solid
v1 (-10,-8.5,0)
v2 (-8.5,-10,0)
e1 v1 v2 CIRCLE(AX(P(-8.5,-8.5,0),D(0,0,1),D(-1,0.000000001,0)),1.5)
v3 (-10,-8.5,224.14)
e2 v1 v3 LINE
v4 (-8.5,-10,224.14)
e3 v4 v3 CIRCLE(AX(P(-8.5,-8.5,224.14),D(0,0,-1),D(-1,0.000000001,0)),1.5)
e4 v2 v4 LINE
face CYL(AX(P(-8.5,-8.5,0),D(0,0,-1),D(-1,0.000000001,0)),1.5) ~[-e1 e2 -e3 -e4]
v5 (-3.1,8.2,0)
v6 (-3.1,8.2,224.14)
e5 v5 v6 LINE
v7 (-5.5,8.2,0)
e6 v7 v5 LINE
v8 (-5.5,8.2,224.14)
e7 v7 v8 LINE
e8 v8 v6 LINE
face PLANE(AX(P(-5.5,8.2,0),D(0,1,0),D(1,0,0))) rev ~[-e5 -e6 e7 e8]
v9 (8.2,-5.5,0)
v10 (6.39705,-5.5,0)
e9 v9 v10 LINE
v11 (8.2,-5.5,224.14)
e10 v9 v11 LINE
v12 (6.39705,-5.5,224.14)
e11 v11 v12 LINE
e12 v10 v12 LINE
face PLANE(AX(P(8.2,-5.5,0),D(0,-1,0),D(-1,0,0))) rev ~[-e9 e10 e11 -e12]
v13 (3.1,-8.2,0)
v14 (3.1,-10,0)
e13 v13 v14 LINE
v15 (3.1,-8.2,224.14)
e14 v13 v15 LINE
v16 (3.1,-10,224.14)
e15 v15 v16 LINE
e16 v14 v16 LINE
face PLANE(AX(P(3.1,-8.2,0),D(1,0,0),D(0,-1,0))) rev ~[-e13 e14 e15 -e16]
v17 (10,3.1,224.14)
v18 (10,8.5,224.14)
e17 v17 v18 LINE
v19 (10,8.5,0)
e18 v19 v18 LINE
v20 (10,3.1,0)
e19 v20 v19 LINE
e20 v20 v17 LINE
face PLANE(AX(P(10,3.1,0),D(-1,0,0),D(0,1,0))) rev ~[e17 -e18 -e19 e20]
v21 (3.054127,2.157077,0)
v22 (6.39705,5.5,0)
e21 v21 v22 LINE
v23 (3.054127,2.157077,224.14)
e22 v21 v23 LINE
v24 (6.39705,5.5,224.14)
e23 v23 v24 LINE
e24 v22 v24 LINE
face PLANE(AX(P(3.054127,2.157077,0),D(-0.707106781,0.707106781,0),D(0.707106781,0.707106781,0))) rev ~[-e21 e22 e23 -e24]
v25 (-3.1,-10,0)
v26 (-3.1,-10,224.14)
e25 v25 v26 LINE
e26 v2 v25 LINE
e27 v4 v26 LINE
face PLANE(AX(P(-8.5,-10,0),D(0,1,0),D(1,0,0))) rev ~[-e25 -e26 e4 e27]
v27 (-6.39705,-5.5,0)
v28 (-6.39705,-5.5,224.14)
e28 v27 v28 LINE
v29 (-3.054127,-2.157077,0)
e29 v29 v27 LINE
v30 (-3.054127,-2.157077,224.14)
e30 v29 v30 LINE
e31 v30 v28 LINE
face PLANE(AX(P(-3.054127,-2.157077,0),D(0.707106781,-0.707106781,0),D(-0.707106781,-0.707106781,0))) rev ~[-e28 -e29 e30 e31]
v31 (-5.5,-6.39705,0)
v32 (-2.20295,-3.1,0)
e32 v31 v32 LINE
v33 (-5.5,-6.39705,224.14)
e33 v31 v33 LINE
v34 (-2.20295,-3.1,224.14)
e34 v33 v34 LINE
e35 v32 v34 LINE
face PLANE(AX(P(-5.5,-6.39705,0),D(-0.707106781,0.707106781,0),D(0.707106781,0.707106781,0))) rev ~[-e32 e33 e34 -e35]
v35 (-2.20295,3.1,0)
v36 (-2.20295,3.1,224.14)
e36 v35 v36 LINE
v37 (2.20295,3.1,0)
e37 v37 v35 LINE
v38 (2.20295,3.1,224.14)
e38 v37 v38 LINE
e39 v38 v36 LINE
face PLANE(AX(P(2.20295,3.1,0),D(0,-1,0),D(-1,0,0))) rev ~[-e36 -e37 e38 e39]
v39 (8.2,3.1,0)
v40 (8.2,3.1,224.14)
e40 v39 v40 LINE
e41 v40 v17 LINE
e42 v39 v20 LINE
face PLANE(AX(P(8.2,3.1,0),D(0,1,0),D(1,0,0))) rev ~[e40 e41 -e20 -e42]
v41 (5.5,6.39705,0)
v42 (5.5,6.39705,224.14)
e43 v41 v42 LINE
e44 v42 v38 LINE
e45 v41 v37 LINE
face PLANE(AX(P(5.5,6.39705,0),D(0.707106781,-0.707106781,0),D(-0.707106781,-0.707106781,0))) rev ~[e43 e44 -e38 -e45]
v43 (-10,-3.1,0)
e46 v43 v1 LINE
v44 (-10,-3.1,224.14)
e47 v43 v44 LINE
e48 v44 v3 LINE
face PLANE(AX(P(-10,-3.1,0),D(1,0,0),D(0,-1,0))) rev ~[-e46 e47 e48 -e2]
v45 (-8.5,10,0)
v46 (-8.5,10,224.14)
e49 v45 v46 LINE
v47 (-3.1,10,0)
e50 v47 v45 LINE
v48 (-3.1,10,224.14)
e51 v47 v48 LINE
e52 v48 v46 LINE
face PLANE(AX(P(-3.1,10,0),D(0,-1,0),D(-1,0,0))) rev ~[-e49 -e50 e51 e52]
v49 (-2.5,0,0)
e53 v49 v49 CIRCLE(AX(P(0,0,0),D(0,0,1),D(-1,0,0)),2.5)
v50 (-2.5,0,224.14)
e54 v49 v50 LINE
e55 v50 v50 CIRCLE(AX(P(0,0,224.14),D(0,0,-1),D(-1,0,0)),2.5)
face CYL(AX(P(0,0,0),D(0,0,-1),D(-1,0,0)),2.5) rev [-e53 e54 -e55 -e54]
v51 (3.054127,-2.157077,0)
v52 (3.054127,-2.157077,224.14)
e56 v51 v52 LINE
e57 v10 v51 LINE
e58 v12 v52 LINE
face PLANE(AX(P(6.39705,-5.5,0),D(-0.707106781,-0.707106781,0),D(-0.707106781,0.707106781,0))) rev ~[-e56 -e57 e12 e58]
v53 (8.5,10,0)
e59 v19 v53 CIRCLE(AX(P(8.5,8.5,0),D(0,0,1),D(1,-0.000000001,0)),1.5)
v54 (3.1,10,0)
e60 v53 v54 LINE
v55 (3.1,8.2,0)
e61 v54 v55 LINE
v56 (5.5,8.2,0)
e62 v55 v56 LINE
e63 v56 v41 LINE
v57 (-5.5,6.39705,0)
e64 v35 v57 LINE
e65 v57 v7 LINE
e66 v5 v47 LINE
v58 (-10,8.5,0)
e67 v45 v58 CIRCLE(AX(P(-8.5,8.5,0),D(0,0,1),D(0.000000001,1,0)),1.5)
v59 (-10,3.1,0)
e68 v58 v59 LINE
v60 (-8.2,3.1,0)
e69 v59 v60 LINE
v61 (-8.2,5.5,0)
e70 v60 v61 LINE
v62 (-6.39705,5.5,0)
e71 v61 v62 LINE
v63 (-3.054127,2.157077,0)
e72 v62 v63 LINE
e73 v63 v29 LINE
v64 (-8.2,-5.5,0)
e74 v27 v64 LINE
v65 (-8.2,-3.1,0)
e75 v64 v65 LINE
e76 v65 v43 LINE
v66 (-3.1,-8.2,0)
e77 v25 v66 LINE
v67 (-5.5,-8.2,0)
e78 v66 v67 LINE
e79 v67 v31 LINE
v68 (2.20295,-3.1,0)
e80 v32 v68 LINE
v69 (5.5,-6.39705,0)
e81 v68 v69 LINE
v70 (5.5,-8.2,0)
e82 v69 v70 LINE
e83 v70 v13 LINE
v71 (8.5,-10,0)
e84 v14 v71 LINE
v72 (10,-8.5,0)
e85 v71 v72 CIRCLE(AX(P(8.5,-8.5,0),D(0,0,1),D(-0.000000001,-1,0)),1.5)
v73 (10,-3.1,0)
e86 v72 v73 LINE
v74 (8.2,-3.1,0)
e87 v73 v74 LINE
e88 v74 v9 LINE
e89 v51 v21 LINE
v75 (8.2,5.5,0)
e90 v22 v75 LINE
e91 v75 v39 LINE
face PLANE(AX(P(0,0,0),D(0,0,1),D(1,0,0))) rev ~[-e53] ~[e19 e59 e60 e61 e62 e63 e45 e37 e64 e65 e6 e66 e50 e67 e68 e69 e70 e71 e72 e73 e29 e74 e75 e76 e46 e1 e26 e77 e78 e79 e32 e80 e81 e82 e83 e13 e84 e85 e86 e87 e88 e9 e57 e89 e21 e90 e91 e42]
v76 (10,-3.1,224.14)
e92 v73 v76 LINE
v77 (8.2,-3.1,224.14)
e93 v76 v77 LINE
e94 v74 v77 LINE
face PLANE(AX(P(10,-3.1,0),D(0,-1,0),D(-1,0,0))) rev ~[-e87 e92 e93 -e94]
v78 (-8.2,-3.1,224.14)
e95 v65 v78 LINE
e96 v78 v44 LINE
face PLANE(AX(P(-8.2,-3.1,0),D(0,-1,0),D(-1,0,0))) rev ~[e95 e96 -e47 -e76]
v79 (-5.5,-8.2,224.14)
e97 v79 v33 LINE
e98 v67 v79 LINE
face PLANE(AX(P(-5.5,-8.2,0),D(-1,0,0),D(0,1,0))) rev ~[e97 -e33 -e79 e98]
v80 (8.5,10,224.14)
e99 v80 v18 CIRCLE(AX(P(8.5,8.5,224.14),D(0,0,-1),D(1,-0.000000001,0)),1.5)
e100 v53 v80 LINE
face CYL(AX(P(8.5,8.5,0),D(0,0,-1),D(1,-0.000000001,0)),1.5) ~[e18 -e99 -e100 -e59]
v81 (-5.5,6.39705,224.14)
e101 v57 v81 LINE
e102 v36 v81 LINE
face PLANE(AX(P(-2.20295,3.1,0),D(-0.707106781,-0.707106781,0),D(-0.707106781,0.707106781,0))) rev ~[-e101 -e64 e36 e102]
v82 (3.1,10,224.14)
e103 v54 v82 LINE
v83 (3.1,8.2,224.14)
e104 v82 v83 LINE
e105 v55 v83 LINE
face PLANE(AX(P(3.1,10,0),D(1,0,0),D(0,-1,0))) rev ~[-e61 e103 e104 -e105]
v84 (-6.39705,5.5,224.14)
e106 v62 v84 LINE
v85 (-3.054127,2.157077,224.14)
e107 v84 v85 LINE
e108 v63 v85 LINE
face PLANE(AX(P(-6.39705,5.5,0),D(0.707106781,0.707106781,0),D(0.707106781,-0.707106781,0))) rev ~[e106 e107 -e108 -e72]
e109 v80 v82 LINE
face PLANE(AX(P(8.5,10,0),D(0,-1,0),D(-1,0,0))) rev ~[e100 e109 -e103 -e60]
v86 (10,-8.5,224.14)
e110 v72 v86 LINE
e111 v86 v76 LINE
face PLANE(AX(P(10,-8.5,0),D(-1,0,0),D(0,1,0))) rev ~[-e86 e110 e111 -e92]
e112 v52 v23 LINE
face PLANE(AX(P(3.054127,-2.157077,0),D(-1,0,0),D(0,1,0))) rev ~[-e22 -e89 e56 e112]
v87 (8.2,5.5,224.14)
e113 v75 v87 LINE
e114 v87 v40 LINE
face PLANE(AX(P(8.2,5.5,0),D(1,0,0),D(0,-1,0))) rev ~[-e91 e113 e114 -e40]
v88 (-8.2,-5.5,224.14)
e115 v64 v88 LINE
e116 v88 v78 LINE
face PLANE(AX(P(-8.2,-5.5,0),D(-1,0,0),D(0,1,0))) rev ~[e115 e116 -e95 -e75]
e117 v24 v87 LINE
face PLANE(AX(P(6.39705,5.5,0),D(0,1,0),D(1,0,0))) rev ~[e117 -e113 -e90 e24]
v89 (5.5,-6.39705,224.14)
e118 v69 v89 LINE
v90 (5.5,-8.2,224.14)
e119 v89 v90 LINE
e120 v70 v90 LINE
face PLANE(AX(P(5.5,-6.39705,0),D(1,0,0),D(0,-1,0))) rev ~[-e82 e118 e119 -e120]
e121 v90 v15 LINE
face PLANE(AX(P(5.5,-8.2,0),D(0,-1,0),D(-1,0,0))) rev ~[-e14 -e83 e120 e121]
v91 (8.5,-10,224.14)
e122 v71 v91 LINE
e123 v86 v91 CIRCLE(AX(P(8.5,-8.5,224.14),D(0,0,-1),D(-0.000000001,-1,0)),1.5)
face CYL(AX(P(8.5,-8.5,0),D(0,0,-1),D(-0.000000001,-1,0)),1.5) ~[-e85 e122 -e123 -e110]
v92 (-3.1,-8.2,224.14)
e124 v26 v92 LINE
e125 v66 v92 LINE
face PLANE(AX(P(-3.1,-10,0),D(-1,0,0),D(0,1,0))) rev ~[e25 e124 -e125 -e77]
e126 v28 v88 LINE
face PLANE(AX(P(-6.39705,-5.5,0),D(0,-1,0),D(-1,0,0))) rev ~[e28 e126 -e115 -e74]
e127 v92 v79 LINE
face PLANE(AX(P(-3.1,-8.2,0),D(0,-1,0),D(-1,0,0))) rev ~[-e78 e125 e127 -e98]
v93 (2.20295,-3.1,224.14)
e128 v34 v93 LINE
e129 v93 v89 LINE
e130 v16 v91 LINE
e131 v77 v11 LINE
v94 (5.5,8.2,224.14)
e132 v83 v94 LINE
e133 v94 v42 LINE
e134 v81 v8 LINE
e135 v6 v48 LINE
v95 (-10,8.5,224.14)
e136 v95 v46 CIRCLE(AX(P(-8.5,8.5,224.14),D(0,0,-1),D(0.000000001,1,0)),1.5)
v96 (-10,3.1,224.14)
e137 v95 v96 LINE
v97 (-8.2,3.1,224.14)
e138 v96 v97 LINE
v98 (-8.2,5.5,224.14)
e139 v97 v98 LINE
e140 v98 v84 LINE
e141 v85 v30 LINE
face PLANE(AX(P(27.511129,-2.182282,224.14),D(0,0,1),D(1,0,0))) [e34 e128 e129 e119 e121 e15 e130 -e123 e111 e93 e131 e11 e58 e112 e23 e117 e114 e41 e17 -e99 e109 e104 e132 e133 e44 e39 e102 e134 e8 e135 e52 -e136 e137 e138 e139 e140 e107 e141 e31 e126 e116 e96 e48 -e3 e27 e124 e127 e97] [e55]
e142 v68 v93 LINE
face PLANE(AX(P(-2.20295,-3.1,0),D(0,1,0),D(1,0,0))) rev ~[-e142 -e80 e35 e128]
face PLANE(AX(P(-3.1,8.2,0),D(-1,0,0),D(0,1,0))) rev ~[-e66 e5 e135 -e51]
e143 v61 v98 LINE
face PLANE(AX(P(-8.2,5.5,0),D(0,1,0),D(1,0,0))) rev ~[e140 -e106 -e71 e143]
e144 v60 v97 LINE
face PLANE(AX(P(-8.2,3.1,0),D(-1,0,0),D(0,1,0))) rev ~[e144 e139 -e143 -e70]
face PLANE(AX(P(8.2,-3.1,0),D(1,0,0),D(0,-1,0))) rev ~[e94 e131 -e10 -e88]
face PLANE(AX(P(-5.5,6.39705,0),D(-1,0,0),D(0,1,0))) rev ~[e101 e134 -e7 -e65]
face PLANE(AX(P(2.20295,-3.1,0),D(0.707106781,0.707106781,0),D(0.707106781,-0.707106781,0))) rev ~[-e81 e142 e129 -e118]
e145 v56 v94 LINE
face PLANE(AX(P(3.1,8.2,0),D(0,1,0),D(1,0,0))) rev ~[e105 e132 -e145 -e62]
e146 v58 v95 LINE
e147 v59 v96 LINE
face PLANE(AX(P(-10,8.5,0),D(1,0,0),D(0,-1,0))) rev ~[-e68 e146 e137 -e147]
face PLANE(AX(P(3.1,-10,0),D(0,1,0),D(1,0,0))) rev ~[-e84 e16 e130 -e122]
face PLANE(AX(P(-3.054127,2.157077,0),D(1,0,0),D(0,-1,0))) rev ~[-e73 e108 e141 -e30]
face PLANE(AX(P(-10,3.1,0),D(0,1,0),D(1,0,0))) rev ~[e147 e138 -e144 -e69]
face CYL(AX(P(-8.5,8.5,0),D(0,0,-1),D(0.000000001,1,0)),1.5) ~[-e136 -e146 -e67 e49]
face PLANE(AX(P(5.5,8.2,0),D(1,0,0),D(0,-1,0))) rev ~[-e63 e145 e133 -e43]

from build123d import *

# Parameters (mm, degrees)
SKETCH_1_R          = 2.5
EXTRUDE_1_DEPTH     = 950
SKETCH_2_W          = 109.948268043
SKETCH_2_H          = 29.443949836
CUT_EXTRUDE_1_DEPTH = 725.86


with BuildPart() as part:
    # 草图1 → 凸台-拉伸1 (new body)
    with BuildSketch(Plane.XY):
        with BuildLine():
            Line((-8.2, -3.1), (-10, -3.1))
            Line((-10, -3.1), (-10, -8.5))
            ThreePointArc((-10, -8.5), (-9.560660172, -9.560660172), (-8.5, -10))
            Line((-8.5, -10), (-3.1, -10))
            Line((-3.1, -10), (-3.1, -8.2))
            Line((-3.1, -8.2), (-5.5, -8.2))
            Line((-5.5, -8.2), (-5.5, -6.397050155))
            Line((-5.5, -6.397050155), (-2.202949845, -3.1))
            Line((-2.202949845, -3.1), (2.202949845, -3.1))
            Line((2.202949845, -3.1), (5.5, -6.397050155))
            Line((5.5, -6.397050155), (5.5, -8.2))
            Line((5.5, -8.2), (3.1, -8.2))
            Line((3.1, -8.2), (3.1, -10))
            Line((3.1, -10), (8.5, -10))
            ThreePointArc((8.5, -10), (9.560660172, -9.560660172), (10, -8.5))
            Line((10, -8.5), (10, -3.1))
            Line((10, -3.1), (8.2, -3.1))
            Line((8.2, -3.1), (8.2, -5.5))
            Line((8.2, -5.5), (6.397050155, -5.5))
            Line((6.397050155, -5.5), (3.05412702, -2.157076865))
            Line((3.05412702, -2.157076865), (3.05412702, 2.157076865))
            Line((3.05412702, 2.157076865), (6.397050155, 5.5))
            Line((6.397050155, 5.5), (8.2, 5.5))
            Line((8.2, 5.5), (8.2, 3.1))
            Line((8.2, 3.1), (10, 3.1))
            Line((10, 3.1), (10, 8.5))
            ThreePointArc((10, 8.5), (9.560660172, 9.560660172), (8.5, 10))
            Line((8.5, 10), (3.1, 10))
            Line((3.1, 10), (3.1, 8.2))
            Line((3.1, 8.2), (5.5, 8.2))
            Line((5.5, 8.2), (5.5, 6.397050155))
            Line((5.5, 6.397050155), (2.202949845, 3.1))
            Line((2.202949845, 3.1), (-2.202949845, 3.1))
            Line((-2.202949845, 3.1), (-5.5, 6.397050155))
            Line((-5.5, 6.397050155), (-5.5, 8.2))
            Line((-5.5, 8.2), (-3.1, 8.2))
            Line((-3.1, 8.2), (-3.1, 10))
            Line((-3.1, 10), (-8.5, 10))
            ThreePointArc((-8.5, 10), (-9.560660172, 9.560660172), (-10, 8.5))
            Line((-10, 8.5), (-10, 3.1))
            Line((-10, 3.1), (-8.2, 3.1))
            Line((-8.2, 3.1), (-8.2, 5.5))
            Line((-8.2, 5.5), (-6.397050155, 5.5))
            Line((-6.397050155, 5.5), (-3.05412702, 2.157076865))
            Line((-3.05412702, 2.157076865), (-3.05412702, -2.157076865))
            Line((-3.05412702, -2.157076865), (-6.397050155, -5.5))
            Line((-6.397050155, -5.5), (-8.2, -5.5))
            Line((-8.2, -5.5), (-8.2, -3.1))
        make_face()
        with Locations(Location((0, 0, 0), (0, 0, 180))):
            Circle(SKETCH_1_R, mode=Mode.SUBTRACT)
    extrude(amount=EXTRUDE_1_DEPTH)

    # 草图2 → 切除-拉伸1 (cut)
    with BuildSketch(Plane.XY.offset(950)):
        with Locations((27.511129311, -2.182282155)):
            Rectangle(SKETCH_2_W, SKETCH_2_H)
    extrude(amount=-CUT_EXTRUDE_1_DEPTH, mode=Mode.SUBTRACT)


solid = part.part
